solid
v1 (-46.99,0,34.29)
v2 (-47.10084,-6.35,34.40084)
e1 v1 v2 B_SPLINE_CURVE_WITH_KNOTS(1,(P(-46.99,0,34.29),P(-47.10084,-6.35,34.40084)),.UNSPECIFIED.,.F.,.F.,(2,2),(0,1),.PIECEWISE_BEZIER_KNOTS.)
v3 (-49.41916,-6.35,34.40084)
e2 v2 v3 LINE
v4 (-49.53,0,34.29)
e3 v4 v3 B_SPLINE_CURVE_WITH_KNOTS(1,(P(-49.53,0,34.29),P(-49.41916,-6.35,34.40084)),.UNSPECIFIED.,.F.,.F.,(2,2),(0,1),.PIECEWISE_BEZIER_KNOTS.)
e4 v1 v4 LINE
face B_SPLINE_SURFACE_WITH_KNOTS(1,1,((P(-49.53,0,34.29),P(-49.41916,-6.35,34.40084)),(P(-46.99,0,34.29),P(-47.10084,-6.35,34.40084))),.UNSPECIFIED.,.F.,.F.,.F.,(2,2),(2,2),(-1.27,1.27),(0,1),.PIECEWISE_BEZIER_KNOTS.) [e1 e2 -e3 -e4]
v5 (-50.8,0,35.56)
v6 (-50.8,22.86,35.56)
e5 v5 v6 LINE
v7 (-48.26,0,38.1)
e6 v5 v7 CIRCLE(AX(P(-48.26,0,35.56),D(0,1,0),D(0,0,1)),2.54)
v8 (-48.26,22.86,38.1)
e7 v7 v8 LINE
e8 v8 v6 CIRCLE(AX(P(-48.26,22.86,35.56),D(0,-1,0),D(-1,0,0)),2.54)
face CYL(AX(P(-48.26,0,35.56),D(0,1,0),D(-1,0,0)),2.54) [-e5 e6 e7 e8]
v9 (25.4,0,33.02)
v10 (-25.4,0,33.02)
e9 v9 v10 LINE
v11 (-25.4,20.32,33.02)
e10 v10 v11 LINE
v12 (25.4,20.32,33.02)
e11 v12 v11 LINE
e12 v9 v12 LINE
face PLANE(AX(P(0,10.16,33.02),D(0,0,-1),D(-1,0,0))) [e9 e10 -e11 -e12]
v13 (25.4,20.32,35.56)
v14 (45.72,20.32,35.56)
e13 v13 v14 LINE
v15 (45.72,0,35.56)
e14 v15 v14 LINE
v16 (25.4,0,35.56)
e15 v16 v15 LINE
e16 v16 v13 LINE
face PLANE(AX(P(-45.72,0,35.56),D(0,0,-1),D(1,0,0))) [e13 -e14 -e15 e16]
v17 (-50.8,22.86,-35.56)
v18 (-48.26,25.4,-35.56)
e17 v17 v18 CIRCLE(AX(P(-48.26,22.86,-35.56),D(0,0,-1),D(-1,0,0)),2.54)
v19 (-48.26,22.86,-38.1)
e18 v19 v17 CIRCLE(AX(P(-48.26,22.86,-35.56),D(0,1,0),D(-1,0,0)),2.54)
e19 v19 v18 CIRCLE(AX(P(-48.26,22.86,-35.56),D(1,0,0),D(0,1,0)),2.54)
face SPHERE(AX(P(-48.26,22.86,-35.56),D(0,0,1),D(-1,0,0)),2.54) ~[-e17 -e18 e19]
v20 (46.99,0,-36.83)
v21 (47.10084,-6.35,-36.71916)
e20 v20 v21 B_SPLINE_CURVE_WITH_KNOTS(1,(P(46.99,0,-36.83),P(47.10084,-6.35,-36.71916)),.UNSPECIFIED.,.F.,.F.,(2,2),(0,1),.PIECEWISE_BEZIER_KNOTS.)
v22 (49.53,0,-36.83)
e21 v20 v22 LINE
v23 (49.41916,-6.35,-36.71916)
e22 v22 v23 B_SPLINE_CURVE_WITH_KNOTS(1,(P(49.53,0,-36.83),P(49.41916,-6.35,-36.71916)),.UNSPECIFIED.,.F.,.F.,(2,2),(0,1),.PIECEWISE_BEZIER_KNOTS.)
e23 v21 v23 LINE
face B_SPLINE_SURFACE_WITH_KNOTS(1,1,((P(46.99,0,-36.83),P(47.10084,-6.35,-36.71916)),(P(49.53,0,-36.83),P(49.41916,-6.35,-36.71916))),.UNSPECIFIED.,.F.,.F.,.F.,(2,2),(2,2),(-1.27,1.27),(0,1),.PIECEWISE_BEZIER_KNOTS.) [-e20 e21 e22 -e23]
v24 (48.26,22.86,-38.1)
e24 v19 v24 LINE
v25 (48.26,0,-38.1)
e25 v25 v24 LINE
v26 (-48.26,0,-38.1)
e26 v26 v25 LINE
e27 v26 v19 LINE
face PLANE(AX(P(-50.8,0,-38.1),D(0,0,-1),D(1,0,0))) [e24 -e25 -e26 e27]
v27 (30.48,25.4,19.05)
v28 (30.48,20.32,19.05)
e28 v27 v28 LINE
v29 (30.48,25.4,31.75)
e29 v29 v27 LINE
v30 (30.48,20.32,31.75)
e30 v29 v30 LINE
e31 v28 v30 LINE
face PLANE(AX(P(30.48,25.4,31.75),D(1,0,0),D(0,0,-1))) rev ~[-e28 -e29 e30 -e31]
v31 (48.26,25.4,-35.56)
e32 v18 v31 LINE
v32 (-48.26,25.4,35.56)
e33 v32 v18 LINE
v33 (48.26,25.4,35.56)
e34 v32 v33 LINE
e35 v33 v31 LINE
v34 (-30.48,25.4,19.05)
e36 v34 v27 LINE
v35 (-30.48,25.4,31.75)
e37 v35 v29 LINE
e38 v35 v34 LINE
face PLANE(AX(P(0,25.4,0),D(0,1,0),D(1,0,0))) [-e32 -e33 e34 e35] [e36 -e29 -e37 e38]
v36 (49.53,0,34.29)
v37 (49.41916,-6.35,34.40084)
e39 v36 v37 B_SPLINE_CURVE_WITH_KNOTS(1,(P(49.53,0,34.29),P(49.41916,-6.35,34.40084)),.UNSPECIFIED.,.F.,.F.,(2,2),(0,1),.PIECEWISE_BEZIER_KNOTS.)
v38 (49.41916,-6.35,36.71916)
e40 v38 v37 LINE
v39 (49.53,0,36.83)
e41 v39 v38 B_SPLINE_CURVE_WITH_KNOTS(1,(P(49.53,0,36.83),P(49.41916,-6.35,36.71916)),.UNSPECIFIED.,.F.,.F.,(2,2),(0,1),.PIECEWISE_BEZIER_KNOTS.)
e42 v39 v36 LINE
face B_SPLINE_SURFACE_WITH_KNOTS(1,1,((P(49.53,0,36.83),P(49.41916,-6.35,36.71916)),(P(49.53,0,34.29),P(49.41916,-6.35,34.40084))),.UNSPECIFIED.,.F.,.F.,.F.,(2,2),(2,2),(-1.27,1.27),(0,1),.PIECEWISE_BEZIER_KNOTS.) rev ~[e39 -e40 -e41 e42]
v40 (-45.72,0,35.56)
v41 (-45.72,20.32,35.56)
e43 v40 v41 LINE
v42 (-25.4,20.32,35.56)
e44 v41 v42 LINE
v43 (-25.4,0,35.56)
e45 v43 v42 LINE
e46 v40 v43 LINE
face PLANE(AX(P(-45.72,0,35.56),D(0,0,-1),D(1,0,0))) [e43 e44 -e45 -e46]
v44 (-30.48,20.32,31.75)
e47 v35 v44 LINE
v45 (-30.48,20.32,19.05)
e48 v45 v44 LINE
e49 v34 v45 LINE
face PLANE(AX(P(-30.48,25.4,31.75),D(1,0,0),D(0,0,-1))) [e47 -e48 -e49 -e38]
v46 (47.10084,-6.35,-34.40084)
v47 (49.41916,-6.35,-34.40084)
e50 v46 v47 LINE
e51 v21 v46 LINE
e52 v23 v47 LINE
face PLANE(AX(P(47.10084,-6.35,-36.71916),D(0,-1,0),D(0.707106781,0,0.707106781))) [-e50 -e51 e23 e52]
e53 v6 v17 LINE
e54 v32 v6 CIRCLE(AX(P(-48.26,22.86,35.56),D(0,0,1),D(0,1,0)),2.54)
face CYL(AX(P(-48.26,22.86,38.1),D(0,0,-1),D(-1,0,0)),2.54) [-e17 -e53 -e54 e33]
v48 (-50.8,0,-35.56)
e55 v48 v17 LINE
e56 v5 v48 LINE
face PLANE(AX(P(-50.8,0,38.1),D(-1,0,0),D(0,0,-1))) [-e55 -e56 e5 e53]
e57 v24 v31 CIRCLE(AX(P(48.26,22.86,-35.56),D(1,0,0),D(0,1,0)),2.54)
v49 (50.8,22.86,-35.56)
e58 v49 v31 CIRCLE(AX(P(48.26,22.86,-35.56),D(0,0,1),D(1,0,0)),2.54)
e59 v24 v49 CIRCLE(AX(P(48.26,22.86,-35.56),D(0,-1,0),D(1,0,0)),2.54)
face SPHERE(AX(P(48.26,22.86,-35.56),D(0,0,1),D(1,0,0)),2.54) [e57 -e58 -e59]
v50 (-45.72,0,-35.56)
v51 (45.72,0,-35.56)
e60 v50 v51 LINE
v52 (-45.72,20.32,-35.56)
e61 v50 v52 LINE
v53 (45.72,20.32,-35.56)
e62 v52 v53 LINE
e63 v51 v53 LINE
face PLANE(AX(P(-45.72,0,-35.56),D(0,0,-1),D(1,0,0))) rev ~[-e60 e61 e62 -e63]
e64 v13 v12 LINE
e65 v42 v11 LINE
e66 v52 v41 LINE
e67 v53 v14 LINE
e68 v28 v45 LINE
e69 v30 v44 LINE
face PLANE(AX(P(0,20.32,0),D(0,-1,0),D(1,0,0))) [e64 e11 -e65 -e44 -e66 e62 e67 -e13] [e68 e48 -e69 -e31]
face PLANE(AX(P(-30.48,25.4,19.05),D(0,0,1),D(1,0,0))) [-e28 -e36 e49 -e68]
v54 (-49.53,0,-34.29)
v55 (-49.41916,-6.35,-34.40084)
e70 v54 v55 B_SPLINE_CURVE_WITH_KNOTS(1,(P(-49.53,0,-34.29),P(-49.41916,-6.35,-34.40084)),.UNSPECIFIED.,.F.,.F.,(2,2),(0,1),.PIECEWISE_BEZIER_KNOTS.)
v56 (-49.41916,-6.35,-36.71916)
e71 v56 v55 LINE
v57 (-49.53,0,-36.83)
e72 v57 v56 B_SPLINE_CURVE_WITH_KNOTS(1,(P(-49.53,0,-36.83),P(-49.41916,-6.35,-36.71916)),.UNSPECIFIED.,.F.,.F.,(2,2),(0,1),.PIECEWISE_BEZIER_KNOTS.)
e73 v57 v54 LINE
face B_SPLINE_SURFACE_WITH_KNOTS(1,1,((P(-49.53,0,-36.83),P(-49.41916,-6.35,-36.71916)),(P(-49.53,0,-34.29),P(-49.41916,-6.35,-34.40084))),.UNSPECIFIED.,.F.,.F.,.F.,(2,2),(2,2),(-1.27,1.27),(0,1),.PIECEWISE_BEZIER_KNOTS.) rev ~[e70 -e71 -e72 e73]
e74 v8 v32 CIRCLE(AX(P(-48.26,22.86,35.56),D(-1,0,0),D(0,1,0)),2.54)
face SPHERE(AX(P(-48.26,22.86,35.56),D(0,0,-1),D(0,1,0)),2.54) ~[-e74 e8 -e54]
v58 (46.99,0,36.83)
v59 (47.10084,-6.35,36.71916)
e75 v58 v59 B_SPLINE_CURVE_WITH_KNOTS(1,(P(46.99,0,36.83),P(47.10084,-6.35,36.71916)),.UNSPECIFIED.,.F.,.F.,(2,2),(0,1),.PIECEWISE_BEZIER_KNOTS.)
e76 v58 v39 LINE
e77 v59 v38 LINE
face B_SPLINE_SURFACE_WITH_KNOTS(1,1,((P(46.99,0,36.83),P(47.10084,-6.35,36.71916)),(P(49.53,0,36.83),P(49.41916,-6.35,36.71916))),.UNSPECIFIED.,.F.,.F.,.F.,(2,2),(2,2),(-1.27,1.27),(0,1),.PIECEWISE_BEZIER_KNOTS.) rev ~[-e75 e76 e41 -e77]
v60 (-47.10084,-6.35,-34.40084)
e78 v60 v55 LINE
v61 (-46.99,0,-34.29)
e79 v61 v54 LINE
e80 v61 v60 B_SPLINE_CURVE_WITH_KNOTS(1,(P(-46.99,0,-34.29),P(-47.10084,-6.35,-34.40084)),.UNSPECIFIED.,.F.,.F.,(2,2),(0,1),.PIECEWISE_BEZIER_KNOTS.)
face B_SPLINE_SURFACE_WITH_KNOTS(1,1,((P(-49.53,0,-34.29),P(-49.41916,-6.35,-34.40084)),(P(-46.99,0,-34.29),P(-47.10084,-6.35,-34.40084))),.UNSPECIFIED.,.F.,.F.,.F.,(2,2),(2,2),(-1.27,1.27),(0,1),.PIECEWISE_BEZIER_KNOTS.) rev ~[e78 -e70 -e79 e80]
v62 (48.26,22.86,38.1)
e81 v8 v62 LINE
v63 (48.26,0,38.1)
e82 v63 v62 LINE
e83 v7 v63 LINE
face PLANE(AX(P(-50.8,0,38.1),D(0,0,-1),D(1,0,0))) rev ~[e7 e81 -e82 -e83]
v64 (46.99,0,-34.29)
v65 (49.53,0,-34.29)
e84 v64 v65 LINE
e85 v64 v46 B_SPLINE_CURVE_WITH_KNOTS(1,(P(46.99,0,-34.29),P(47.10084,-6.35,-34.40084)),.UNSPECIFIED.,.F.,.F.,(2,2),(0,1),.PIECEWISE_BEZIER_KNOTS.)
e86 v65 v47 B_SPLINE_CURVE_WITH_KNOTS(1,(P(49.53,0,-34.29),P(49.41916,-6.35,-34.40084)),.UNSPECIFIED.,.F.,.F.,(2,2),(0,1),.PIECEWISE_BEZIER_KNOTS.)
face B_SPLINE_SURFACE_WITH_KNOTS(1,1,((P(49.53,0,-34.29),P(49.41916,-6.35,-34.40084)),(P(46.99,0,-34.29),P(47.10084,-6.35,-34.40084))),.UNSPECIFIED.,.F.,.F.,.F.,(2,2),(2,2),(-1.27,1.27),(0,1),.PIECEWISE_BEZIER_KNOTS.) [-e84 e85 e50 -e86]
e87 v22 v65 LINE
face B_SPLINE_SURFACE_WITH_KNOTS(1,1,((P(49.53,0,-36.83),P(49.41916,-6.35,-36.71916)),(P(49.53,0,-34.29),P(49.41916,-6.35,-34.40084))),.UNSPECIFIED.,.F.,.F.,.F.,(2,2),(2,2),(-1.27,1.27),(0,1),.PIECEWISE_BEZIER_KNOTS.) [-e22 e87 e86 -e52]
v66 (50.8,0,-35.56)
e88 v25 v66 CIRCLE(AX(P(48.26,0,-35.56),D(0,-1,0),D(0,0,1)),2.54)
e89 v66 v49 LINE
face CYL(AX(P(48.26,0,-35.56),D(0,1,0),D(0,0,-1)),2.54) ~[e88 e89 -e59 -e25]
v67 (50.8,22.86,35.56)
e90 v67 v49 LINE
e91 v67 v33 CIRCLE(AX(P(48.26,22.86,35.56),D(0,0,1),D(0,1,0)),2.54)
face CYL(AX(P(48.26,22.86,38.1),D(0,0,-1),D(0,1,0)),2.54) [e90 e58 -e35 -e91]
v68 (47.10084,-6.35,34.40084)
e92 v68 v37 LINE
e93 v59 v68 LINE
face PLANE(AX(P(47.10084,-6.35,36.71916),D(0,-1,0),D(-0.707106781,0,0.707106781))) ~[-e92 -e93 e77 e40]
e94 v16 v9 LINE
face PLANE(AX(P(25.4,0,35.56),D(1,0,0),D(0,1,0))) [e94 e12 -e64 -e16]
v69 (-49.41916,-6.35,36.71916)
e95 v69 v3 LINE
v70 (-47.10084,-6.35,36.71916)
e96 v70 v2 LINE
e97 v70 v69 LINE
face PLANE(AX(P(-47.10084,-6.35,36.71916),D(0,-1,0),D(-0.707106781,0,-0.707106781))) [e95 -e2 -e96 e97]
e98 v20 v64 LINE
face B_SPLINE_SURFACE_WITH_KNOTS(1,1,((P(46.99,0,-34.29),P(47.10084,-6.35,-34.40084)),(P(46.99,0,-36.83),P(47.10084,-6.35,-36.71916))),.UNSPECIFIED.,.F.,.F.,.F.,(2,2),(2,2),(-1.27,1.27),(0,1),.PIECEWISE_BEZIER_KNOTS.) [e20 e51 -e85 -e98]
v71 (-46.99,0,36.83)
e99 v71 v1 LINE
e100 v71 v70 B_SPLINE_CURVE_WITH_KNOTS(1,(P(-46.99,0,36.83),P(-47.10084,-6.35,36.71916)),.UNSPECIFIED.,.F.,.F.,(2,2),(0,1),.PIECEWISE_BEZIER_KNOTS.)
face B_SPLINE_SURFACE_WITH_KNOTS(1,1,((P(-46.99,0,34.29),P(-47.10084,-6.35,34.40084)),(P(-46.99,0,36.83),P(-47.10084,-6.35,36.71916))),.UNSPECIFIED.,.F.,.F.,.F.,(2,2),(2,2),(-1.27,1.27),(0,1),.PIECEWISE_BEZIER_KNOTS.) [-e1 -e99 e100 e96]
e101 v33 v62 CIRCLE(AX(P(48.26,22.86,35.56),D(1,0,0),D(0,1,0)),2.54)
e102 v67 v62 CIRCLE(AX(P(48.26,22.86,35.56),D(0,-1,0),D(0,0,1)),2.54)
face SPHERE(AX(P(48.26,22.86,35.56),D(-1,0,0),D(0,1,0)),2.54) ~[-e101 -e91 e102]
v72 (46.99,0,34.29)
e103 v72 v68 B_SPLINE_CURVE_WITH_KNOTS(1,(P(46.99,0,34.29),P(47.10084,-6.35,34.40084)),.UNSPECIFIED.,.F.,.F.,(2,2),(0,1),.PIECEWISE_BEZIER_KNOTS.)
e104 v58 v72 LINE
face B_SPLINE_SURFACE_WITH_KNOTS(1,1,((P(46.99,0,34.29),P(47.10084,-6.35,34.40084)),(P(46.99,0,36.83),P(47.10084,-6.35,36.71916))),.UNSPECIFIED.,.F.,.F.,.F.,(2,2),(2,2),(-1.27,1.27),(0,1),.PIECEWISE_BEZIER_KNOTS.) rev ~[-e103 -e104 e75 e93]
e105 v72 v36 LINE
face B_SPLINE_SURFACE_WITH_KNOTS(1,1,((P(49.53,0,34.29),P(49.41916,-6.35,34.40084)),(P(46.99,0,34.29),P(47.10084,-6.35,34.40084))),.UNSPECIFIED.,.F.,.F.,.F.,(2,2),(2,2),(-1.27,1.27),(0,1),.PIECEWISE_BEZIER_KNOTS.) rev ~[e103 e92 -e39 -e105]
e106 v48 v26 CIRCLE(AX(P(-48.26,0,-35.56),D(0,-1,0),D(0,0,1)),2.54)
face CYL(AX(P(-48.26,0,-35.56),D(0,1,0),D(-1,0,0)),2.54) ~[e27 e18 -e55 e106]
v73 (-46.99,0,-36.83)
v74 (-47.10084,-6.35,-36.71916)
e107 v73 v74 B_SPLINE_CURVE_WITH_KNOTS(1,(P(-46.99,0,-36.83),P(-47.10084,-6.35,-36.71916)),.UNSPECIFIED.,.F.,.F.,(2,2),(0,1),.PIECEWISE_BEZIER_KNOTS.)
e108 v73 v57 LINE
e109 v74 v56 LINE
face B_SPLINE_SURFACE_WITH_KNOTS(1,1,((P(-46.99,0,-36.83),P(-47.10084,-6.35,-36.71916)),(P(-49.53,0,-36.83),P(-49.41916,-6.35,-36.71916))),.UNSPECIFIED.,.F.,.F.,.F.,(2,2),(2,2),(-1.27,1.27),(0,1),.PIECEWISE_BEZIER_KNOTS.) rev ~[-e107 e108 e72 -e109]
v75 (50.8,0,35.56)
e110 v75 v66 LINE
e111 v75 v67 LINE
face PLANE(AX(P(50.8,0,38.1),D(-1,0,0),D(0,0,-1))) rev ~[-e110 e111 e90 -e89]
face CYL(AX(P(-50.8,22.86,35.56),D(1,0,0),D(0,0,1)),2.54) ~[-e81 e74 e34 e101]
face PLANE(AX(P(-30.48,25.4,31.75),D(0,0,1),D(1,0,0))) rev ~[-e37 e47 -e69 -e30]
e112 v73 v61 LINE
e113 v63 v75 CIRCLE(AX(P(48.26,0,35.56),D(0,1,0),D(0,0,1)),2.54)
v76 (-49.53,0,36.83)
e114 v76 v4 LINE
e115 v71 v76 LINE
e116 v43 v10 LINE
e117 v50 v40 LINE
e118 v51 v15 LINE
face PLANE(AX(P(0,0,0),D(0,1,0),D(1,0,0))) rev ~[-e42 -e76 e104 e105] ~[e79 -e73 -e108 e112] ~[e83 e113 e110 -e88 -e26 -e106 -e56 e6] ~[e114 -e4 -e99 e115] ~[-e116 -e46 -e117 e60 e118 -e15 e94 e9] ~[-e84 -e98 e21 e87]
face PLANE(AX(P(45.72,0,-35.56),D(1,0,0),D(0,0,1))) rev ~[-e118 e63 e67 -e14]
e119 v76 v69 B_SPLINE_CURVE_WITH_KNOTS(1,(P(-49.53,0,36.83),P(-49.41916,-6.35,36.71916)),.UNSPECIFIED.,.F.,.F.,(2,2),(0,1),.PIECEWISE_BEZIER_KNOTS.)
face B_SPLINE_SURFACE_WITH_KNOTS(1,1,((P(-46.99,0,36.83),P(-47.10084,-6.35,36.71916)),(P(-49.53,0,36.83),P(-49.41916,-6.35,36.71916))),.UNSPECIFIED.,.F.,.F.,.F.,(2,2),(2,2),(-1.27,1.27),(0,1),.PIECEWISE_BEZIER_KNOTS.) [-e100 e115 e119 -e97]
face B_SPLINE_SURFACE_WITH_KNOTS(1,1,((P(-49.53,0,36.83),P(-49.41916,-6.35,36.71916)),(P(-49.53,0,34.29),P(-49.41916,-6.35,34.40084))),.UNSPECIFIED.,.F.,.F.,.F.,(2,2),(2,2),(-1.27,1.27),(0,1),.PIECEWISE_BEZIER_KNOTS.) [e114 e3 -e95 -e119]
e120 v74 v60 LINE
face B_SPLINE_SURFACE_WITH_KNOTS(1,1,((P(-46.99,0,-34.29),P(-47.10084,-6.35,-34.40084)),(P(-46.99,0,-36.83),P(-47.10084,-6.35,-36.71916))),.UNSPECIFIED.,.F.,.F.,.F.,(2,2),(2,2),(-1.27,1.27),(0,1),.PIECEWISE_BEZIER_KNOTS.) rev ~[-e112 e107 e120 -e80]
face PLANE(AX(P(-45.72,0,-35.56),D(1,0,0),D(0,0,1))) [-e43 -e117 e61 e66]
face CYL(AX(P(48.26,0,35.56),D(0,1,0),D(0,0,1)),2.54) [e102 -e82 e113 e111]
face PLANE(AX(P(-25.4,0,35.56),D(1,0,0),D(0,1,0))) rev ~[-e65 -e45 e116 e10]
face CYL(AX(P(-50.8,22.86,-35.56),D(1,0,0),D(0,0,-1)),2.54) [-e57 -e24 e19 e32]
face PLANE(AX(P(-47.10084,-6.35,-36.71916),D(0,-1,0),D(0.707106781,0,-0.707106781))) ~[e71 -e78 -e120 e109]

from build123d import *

# Parameters (mm, degrees)
SKETCH1_W               = 101.6
SKETCH1_H               = 76.2
BOSS_EXTRUDE1_DEPTH     = 25.4
SKETCH5_W               = 91.44
SKETCH5_H               = 71.12
CUT_EXTRUDE1_DEPTH      = 20.32
FILLET1_R               = 2.54
SKETCH7_W               = 2.54
SKETCH7_H               = 2.54
BOSS_EXTRUDE2_DEPTH     = 6.35
BOSS_EXTRUDE2_TAPER     = 1
MIRROR4_COPY_1_SKETCH_W = 2.54
MIRROR4_COPY_1_SKETCH_H = 2.54
MIRROR4_COPY_1_DEPTH    = 6.35
MIRROR4_COPY_1_TAPER    = 1
SKETCH8_W               = 60.96
SKETCH8_H               = 12.7
CUT_EXTRUDE2_DEPTH      = 71.99515833
SKETCH9_W               = 50.8
SKETCH9_H               = 20.32
BOSS_EXTRUDE3_DEPTH     = 2.54


with BuildPart() as part:
    # Sketch1 → Boss-Extrude1 (new body)
    with BuildSketch(Plane(origin=(0, 0, 0), x_dir=(1, 0, 0), z_dir=(0, 1, 0))):
        Rectangle(SKETCH1_W, SKETCH1_H)
    extrude(amount=BOSS_EXTRUDE1_DEPTH)

    # Sketch5 → Cut-Extrude1 (cut)
    with BuildSketch(Plane.XZ):
        Rectangle(SKETCH5_W, SKETCH5_H)
    extrude(amount=-CUT_EXTRUDE1_DEPTH, mode=Mode.SUBTRACT)

    # Fillet1
    fillet1_edges = [part.edges().sort_by_distance(p)[0] for p in [
        (-50.8, 25.4, 0),
        (0, 25.4, 38.1),
        (50.8, 25.4, 0),
        (50.8, 12.7, 38.1),
        (-50.8, 12.7, 38.1),
        (-50.8, 12.7, -38.1),
        (50.8, 12.7, -38.1),
        (0, 25.4, -38.1),
    ]]
    fillet(fillet1_edges, radius=FILLET1_R)

    # Sketch7 → Boss-Extrude2 (add)
    with BuildSketch(Plane(origin=(0, 0, 0), x_dir=(-1, 0, 0), z_dir=(0, -1, 0))):
        with Locations((48.26, -35.56)):
            Rectangle(SKETCH7_W, SKETCH7_H)
    boss_extrude2 = extrude(amount=BOSS_EXTRUDE2_DEPTH, taper=BOSS_EXTRUDE2_TAPER)

    # Mirror3: Boss-Extrude2 across plane
    add(boss_extrude2.mirror(Plane(origin=(0, 0, 0), x_dir=(0, 0, 1), z_dir=(1, 0, 0))))

    # Mirror4: Boss-Extrude2 across plane
    add(boss_extrude2.mirror(Plane.XY))

    # Mirror4 copy 1 sketch → Mirror4 copy 1 (add)
    with BuildSketch(Plane.XZ):
        with Locations((48.26, -35.56)):
            Rectangle(MIRROR4_COPY_1_SKETCH_W, MIRROR4_COPY_1_SKETCH_H)
    extrude(amount=MIRROR4_COPY_1_DEPTH, taper=MIRROR4_COPY_1_TAPER)

    # Sketch8 → Cut-Extrude2 (cut, through all)
    with BuildSketch(Plane(origin=(0, 25.4, 0), x_dir=(1, 0, 0), z_dir=(0, 1, 0))):
        with Locations((0, -25.4)):
            Rectangle(SKETCH8_W, SKETCH8_H)
    extrude(amount=-CUT_EXTRUDE2_DEPTH, mode=Mode.SUBTRACT)

    # Sketch9 → Boss-Extrude3 (add)
    with BuildSketch(Plane(origin=(0, 0, 35.56), x_dir=(-1, 0, 0), z_dir=(0, 0, -1))):
        with Locations((0, 10.16)):
            Rectangle(SKETCH9_W, SKETCH9_H)
    extrude(amount=BOSS_EXTRUDE3_DEPTH)


solid = part.part
